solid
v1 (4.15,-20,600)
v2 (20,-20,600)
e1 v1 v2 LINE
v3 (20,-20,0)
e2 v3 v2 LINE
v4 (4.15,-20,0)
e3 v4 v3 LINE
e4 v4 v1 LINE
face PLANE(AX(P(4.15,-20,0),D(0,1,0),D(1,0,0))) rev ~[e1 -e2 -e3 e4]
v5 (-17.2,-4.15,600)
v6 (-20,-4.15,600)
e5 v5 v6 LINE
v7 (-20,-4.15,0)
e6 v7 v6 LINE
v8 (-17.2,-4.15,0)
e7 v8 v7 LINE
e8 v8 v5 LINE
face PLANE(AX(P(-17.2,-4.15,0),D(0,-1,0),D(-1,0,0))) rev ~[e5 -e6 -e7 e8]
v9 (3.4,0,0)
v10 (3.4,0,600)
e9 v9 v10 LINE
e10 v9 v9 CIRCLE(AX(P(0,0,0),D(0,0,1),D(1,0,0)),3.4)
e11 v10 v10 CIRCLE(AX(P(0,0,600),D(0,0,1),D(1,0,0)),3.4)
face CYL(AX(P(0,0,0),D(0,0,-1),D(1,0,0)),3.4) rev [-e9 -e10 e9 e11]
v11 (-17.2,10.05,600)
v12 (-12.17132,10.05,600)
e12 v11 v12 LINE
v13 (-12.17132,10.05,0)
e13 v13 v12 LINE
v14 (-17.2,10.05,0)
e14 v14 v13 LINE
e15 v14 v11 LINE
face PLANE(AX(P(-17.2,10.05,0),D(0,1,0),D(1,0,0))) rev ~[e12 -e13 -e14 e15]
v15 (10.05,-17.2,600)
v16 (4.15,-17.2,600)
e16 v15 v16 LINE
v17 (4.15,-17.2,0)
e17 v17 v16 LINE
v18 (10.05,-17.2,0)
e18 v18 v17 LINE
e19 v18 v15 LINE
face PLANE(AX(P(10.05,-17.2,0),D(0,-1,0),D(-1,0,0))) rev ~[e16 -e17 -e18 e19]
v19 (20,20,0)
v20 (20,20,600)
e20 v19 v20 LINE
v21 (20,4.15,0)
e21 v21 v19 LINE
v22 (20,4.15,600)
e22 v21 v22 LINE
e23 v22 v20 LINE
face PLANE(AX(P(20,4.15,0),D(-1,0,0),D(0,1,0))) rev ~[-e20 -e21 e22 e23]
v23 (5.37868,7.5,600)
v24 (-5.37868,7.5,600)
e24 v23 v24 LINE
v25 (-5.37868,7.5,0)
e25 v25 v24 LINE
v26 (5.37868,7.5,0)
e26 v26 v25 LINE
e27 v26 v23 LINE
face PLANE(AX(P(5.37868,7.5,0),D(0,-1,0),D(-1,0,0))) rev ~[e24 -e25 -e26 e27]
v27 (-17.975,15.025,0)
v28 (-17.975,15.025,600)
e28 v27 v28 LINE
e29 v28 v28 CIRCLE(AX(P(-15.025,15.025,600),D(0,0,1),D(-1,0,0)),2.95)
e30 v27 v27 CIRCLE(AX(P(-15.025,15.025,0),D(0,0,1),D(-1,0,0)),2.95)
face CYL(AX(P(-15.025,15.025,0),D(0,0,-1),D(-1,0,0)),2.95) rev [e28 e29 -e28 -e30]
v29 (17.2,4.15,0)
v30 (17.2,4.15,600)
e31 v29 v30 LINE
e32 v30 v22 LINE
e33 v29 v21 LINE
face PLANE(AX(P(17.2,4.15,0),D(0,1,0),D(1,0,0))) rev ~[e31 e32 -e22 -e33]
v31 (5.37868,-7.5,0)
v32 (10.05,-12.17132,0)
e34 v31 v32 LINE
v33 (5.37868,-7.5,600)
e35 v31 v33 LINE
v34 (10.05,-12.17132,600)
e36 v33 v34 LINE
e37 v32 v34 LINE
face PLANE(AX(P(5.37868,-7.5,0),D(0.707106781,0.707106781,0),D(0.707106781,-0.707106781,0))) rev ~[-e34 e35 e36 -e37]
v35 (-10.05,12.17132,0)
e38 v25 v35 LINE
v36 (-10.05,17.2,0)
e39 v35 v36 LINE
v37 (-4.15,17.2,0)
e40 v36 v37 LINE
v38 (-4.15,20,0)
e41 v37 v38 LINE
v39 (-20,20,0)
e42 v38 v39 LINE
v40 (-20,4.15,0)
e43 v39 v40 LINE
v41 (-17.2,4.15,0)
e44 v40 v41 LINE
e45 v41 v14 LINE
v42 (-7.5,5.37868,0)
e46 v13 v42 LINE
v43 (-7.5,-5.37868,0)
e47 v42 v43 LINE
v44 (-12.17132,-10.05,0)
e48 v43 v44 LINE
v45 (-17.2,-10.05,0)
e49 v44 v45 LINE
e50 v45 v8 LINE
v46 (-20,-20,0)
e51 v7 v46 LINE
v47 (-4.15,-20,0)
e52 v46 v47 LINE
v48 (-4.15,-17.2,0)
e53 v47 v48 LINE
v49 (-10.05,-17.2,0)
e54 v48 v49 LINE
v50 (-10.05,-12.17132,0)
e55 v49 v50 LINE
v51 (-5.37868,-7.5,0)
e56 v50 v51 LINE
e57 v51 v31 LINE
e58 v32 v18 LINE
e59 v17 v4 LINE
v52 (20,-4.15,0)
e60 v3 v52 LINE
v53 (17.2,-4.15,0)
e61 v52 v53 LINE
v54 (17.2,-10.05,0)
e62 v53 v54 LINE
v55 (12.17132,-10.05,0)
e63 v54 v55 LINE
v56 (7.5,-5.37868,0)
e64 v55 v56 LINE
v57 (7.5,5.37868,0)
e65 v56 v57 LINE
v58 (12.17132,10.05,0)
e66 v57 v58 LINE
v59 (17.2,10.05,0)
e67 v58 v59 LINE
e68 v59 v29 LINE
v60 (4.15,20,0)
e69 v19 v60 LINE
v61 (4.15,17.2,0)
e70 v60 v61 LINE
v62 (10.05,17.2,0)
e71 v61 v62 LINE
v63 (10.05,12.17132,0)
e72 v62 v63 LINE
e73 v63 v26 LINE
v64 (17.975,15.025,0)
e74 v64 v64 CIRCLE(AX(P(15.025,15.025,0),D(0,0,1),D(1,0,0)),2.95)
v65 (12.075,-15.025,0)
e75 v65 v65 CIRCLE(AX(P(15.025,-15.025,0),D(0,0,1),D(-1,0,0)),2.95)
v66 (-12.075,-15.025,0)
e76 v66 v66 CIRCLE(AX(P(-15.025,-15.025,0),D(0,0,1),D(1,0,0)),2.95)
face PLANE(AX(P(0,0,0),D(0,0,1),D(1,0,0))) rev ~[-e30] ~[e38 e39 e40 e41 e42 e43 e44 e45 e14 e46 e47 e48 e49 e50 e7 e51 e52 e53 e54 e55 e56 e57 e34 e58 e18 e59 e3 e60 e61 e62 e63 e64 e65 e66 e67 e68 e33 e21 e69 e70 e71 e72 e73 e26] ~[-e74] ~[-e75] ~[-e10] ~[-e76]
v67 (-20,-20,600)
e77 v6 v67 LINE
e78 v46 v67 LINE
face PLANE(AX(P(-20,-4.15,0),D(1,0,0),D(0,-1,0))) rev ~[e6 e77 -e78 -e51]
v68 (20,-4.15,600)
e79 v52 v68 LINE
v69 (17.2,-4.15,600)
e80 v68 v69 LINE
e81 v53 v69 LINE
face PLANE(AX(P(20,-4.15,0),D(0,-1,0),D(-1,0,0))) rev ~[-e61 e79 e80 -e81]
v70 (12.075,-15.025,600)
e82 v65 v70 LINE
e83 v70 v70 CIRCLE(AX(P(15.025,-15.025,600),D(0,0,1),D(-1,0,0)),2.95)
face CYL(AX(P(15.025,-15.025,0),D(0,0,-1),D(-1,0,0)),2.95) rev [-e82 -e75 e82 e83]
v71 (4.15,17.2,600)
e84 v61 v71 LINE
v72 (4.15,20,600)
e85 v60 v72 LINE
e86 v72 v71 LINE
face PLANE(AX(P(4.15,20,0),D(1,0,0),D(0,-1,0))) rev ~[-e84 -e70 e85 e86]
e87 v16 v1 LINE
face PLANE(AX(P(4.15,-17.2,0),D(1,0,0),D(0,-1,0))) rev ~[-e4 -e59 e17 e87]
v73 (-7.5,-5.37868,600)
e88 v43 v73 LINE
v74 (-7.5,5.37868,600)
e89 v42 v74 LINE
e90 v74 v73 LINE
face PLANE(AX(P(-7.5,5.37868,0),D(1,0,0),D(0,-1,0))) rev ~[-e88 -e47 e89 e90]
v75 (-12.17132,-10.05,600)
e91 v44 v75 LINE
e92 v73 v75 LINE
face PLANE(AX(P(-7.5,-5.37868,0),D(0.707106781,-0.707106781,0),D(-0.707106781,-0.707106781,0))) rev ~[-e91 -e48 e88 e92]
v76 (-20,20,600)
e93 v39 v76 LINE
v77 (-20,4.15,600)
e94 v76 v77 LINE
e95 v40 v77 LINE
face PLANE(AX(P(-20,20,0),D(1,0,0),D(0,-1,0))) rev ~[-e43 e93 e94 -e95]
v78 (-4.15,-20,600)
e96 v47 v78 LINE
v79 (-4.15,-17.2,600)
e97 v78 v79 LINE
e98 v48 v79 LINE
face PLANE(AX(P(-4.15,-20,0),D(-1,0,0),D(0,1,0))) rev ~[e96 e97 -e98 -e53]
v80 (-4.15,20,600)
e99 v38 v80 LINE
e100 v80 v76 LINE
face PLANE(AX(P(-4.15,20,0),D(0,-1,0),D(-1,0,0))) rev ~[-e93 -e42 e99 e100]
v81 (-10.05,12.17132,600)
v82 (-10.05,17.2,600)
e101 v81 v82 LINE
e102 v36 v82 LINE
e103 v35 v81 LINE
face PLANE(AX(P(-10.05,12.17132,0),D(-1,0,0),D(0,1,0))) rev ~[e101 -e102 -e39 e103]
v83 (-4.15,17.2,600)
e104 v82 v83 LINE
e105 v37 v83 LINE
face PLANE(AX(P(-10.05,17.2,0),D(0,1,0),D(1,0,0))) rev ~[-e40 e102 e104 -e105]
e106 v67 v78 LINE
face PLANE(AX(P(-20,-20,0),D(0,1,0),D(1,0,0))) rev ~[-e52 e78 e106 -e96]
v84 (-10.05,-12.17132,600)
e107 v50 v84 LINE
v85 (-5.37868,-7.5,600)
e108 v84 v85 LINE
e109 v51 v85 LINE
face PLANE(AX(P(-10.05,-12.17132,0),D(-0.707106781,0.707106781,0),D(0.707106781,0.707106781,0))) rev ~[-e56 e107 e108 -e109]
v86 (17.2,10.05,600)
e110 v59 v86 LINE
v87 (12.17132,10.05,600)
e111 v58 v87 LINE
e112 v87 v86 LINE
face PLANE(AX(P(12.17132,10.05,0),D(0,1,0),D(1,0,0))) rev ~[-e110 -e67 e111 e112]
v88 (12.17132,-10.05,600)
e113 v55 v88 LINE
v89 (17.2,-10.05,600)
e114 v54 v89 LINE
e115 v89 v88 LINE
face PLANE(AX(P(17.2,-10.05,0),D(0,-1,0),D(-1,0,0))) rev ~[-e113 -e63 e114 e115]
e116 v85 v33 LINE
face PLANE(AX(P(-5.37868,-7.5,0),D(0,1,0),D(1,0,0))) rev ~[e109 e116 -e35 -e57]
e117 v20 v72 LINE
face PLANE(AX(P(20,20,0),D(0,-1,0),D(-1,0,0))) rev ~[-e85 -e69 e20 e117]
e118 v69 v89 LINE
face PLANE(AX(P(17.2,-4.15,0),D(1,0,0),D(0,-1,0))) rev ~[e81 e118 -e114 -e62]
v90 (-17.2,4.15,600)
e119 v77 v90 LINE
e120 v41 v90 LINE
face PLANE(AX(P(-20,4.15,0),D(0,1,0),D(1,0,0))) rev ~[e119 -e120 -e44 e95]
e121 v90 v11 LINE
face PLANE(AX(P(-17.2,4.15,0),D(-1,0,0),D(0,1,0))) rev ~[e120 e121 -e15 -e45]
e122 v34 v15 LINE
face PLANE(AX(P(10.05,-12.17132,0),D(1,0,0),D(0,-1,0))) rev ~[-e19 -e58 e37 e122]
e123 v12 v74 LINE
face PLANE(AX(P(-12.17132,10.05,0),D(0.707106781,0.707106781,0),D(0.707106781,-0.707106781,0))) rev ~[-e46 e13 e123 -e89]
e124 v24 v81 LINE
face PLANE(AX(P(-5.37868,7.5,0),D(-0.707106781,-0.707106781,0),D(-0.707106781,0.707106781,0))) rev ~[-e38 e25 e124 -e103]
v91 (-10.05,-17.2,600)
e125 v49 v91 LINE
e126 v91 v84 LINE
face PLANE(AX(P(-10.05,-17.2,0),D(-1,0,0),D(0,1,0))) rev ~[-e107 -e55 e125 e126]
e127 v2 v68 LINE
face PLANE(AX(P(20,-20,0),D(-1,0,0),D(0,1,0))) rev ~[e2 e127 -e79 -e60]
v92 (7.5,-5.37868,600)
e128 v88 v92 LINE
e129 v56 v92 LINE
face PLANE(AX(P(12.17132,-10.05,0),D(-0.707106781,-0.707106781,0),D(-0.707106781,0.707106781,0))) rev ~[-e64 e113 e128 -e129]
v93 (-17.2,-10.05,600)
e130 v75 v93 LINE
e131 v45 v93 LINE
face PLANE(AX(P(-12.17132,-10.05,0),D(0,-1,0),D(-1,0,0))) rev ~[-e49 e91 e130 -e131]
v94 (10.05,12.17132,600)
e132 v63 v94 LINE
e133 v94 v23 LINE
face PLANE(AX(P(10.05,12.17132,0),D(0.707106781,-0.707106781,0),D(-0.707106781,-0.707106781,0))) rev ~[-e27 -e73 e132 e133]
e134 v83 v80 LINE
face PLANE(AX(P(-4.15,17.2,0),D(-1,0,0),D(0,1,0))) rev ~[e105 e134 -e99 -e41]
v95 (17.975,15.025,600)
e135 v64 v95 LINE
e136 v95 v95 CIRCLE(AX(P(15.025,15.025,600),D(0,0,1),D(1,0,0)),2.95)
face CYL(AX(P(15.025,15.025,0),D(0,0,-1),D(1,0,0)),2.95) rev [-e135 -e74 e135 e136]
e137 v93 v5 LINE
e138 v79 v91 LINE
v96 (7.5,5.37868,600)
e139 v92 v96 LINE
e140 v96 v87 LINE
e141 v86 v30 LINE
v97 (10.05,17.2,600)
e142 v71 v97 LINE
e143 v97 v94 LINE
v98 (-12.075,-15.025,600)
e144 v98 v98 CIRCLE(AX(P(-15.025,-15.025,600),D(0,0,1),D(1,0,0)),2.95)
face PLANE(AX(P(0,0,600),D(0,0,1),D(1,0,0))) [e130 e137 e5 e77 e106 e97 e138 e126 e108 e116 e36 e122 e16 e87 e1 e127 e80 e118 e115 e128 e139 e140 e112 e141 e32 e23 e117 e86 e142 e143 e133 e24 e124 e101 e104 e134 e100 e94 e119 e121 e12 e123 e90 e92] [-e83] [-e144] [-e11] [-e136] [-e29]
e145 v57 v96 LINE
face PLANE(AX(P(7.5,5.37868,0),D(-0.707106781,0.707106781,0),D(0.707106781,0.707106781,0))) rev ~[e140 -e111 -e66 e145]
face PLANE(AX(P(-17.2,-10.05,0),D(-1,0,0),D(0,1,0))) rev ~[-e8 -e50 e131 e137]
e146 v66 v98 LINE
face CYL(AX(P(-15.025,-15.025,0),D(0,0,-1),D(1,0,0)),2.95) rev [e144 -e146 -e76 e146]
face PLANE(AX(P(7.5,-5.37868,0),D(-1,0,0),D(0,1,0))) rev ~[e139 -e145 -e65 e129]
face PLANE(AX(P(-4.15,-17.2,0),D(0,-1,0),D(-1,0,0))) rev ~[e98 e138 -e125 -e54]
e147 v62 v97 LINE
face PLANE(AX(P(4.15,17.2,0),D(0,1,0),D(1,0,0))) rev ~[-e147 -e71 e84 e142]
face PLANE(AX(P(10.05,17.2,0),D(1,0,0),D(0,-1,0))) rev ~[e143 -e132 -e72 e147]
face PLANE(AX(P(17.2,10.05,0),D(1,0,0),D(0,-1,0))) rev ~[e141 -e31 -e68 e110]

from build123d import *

# Parameters (mm, degrees)
SKETCH_1_R      = 3.4
SKETCH_1_R_2    = 2.95
EXTRUDE_1_DEPTH = 600


with BuildPart() as part:
    # 草图1 → 凸台-拉伸1 (new body)
    with BuildSketch(Plane.XY):
        Polygon((-5.378679656, -7.5), (5.378679656, -7.5), (10.05, -12.171320344), (10.05, -17.2), (4.15, -17.2), (4.15, -20), (20, -20), (20, -4.15), (17.2, -4.15), (17.2, -10.05), (12.171320344, -10.05), (7.5, -5.378679656), (7.5, 5.378679656), (12.171320344, 10.05), (17.2, 10.05), (17.2, 4.15), (20, 4.15), (20, 20), (4.15, 20), (4.15, 17.2), (10.05, 17.2), (10.05, 12.171320344), (5.378679656, 7.5), (-5.378679656, 7.5), (-10.05, 12.171320344), (-10.05, 17.2), (-4.15, 17.2), (-4.15, 20), (-20, 20), (-20, 4.15), (-17.2, 4.15), (-17.2, 10.05), (-12.171320344, 10.05), (-7.5, 5.378679656), (-7.5, -5.378679656), (-12.171320344, -10.05), (-17.2, -10.05), (-17.2, -4.15), (-20, -4.15), (-20, -20), (-4.15, -20), (-4.15, -17.2), (-10.05, -17.2), (-10.05, -12.171320344), align=None)
        Circle(SKETCH_1_R, mode=Mode.SUBTRACT)
        with Locations((15.025, 15.025)):
            Circle(SKETCH_1_R_2, mode=Mode.SUBTRACT)
        with Locations(Location((-15.025, 15.025, 0), (0, 0, 180))):
            Circle(SKETCH_1_R_2, mode=Mode.SUBTRACT)
        with Locations((-15.025, -15.025)):
            Circle(SKETCH_1_R_2, mode=Mode.SUBTRACT)
        with Locations(Location((15.025, -15.025, 0), (0, 0, 180))):
            Circle(SKETCH_1_R_2, mode=Mode.SUBTRACT)
    extrude(amount=EXTRUDE_1_DEPTH)


solid = part.part
